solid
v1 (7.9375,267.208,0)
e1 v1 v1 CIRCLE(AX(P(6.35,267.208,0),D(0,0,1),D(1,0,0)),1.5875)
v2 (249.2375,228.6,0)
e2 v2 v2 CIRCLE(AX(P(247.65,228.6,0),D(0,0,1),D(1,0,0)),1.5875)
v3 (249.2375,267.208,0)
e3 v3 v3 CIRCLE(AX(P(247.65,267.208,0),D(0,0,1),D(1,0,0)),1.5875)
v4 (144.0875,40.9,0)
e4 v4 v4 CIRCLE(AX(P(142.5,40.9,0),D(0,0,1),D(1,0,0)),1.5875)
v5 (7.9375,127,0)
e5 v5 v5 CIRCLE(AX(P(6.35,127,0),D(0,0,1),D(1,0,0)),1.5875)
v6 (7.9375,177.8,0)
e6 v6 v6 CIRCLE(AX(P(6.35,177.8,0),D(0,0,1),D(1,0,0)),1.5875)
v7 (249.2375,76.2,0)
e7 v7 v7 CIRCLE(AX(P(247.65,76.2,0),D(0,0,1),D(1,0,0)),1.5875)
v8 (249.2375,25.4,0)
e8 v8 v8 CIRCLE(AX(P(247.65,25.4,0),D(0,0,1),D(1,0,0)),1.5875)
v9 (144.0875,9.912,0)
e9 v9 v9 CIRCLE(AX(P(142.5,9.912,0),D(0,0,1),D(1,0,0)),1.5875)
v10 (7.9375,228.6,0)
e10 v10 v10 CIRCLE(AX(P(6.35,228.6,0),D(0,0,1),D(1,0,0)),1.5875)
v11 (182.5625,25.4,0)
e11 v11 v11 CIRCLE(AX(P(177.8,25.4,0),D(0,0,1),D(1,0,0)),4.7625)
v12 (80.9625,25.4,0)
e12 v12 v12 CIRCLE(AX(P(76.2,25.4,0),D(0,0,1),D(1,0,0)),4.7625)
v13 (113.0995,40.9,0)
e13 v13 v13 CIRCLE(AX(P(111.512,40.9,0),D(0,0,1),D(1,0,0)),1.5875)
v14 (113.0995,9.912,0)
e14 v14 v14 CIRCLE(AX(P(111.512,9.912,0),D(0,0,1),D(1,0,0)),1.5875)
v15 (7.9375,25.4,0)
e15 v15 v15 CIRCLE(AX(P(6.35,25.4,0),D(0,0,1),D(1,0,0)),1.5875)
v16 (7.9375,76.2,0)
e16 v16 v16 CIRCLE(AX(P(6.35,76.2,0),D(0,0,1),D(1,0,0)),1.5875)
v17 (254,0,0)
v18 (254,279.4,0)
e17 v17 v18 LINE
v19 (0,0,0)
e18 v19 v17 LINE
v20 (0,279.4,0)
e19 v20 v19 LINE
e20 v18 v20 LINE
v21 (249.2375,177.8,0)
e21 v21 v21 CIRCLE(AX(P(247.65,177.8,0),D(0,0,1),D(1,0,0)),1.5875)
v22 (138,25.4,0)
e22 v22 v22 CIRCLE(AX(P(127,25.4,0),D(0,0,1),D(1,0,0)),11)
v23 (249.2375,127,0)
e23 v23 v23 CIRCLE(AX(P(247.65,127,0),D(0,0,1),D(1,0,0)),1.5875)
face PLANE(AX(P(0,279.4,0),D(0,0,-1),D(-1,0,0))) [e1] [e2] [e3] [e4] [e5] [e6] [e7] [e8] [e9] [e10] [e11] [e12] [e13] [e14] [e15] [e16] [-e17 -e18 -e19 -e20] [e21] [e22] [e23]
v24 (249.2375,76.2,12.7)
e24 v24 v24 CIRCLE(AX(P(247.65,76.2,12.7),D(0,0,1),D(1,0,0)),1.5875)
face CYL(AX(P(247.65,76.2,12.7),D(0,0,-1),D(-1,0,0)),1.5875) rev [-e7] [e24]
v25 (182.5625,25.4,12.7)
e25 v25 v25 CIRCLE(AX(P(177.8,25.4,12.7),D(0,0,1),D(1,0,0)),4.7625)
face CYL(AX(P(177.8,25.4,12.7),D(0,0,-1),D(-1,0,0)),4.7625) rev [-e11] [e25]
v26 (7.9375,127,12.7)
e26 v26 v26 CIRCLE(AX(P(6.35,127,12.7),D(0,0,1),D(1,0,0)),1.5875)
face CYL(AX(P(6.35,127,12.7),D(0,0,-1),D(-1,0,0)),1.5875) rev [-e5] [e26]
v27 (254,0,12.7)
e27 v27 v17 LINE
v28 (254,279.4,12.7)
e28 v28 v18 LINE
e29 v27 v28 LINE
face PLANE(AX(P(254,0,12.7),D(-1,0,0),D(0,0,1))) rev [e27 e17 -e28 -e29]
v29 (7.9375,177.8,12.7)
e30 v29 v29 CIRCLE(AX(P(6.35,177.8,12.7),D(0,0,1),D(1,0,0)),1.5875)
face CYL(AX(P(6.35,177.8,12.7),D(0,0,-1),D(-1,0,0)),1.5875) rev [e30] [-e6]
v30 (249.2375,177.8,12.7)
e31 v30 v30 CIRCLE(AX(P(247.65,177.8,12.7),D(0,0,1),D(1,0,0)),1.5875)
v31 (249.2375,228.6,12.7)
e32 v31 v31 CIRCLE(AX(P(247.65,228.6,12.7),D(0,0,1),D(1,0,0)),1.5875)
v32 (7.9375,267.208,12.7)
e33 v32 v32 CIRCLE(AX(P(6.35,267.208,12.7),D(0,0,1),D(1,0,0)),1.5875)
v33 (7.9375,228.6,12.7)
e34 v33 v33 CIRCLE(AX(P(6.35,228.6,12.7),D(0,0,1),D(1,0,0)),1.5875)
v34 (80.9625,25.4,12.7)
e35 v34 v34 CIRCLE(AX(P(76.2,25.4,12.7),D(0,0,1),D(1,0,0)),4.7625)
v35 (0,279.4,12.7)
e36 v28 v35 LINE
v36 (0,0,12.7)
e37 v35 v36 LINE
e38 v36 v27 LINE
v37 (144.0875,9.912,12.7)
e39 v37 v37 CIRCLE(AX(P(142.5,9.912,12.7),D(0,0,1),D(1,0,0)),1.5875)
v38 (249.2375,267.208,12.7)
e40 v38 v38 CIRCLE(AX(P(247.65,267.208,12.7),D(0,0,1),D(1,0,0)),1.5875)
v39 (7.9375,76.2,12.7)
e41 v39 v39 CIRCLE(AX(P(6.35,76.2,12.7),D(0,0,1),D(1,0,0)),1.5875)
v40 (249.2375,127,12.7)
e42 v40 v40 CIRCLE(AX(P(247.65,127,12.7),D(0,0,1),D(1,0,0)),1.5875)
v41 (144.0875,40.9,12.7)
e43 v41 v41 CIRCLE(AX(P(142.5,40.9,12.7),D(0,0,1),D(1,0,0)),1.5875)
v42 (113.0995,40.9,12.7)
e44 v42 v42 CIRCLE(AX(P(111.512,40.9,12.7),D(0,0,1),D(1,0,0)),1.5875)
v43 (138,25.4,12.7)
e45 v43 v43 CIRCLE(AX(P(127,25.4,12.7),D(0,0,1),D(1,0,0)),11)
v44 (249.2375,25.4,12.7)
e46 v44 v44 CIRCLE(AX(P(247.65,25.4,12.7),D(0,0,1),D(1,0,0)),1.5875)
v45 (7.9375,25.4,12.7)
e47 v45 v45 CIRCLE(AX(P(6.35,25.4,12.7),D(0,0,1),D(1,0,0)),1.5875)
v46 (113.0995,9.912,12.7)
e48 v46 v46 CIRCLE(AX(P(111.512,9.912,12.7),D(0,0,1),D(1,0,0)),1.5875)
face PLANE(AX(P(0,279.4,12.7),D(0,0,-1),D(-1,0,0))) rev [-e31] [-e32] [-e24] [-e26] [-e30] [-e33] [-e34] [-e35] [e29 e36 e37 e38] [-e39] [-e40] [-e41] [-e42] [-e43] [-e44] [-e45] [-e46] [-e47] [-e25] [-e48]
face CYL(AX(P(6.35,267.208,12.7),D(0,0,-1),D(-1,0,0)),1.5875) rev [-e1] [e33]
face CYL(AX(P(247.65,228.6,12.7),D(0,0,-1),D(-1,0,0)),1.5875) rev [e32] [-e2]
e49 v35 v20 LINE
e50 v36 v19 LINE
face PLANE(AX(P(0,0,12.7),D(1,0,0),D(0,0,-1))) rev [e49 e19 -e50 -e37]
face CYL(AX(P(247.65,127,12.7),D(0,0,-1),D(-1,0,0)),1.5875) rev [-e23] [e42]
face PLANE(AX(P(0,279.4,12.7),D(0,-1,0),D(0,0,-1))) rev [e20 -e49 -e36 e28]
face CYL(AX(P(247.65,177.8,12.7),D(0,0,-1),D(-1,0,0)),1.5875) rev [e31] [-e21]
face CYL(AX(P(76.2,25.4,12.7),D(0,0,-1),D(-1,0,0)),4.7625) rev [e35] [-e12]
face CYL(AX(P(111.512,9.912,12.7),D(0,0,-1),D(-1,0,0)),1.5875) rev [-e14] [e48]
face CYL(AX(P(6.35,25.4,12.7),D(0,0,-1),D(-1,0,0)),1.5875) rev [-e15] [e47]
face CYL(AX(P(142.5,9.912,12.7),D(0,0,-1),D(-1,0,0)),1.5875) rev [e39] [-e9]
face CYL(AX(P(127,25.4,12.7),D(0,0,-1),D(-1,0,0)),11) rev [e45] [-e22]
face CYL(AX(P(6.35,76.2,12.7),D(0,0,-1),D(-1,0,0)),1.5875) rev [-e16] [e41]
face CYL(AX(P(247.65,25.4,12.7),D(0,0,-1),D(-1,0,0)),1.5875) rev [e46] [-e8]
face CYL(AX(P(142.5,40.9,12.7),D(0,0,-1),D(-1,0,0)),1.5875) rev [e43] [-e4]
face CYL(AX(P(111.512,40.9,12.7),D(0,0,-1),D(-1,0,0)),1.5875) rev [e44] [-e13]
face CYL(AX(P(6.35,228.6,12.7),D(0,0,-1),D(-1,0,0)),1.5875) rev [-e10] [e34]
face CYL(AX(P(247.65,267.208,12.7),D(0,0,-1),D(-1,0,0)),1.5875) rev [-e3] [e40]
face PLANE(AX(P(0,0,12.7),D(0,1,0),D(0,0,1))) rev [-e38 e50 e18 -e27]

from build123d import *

# Parameters (mm, degrees)
SKETCH1_W           = 254
SKETCH1_H           = 279.4
SKETCH1_R           = 1.5875
SKETCH1_R_2         = 4.7625
SKETCH1_R_3         = 11
BOSS_EXTRUDE1_DEPTH = 12.7


with BuildPart() as part:
    # Sketch1 → Boss-Extrude1 (new body)
    with BuildSketch(Plane.XY):
        with Locations((127, 139.7)):
            Rectangle(SKETCH1_W, SKETCH1_H)
        with Locations((6.35, 25.4)):
            Circle(SKETCH1_R, mode=Mode.SUBTRACT)
        with Locations((247.65, 25.4)):
            Circle(SKETCH1_R, mode=Mode.SUBTRACT)
        with Locations((6.35, 76.2)):
            Circle(SKETCH1_R, mode=Mode.SUBTRACT)
        with Locations((247.65, 76.2)):
            Circle(SKETCH1_R, mode=Mode.SUBTRACT)
        with Locations((6.35, 127)):
            Circle(SKETCH1_R, mode=Mode.SUBTRACT)
        with Locations((247.65, 127)):
            Circle(SKETCH1_R, mode=Mode.SUBTRACT)
        with Locations((6.35, 177.8)):
            Circle(SKETCH1_R, mode=Mode.SUBTRACT)
        with Locations((247.65, 177.8)):
            Circle(SKETCH1_R, mode=Mode.SUBTRACT)
        with Locations((76.2, 25.4)):
            Circle(SKETCH1_R_2, mode=Mode.SUBTRACT)
        with Locations((177.8, 25.4)):
            Circle(SKETCH1_R_2, mode=Mode.SUBTRACT)
        with Locations((127, 25.4)):
            Circle(SKETCH1_R_3, mode=Mode.SUBTRACT)
        with Locations((142.499999988, 40.899999988)):
            Circle(SKETCH1_R, mode=Mode.SUBTRACT)
        with Locations((111.511999988, 40.899999988)):
            Circle(SKETCH1_R, mode=Mode.SUBTRACT)
        with Locations((142.499999988, 9.911999988)):
            Circle(SKETCH1_R, mode=Mode.SUBTRACT)
        with Locations((111.511999988, 9.911999988)):
            Circle(SKETCH1_R, mode=Mode.SUBTRACT)
        with Locations((6.35, 228.6)):
            Circle(SKETCH1_R, mode=Mode.SUBTRACT)
        with Locations((247.65, 228.6)):
            Circle(SKETCH1_R, mode=Mode.SUBTRACT)
        with Locations((6.35, 267.208)):
            Circle(SKETCH1_R, mode=Mode.SUBTRACT)
        with Locations((247.65, 267.208)):
            Circle(SKETCH1_R, mode=Mode.SUBTRACT)
    extrude(amount=BOSS_EXTRUDE1_DEPTH)


solid = part.part
